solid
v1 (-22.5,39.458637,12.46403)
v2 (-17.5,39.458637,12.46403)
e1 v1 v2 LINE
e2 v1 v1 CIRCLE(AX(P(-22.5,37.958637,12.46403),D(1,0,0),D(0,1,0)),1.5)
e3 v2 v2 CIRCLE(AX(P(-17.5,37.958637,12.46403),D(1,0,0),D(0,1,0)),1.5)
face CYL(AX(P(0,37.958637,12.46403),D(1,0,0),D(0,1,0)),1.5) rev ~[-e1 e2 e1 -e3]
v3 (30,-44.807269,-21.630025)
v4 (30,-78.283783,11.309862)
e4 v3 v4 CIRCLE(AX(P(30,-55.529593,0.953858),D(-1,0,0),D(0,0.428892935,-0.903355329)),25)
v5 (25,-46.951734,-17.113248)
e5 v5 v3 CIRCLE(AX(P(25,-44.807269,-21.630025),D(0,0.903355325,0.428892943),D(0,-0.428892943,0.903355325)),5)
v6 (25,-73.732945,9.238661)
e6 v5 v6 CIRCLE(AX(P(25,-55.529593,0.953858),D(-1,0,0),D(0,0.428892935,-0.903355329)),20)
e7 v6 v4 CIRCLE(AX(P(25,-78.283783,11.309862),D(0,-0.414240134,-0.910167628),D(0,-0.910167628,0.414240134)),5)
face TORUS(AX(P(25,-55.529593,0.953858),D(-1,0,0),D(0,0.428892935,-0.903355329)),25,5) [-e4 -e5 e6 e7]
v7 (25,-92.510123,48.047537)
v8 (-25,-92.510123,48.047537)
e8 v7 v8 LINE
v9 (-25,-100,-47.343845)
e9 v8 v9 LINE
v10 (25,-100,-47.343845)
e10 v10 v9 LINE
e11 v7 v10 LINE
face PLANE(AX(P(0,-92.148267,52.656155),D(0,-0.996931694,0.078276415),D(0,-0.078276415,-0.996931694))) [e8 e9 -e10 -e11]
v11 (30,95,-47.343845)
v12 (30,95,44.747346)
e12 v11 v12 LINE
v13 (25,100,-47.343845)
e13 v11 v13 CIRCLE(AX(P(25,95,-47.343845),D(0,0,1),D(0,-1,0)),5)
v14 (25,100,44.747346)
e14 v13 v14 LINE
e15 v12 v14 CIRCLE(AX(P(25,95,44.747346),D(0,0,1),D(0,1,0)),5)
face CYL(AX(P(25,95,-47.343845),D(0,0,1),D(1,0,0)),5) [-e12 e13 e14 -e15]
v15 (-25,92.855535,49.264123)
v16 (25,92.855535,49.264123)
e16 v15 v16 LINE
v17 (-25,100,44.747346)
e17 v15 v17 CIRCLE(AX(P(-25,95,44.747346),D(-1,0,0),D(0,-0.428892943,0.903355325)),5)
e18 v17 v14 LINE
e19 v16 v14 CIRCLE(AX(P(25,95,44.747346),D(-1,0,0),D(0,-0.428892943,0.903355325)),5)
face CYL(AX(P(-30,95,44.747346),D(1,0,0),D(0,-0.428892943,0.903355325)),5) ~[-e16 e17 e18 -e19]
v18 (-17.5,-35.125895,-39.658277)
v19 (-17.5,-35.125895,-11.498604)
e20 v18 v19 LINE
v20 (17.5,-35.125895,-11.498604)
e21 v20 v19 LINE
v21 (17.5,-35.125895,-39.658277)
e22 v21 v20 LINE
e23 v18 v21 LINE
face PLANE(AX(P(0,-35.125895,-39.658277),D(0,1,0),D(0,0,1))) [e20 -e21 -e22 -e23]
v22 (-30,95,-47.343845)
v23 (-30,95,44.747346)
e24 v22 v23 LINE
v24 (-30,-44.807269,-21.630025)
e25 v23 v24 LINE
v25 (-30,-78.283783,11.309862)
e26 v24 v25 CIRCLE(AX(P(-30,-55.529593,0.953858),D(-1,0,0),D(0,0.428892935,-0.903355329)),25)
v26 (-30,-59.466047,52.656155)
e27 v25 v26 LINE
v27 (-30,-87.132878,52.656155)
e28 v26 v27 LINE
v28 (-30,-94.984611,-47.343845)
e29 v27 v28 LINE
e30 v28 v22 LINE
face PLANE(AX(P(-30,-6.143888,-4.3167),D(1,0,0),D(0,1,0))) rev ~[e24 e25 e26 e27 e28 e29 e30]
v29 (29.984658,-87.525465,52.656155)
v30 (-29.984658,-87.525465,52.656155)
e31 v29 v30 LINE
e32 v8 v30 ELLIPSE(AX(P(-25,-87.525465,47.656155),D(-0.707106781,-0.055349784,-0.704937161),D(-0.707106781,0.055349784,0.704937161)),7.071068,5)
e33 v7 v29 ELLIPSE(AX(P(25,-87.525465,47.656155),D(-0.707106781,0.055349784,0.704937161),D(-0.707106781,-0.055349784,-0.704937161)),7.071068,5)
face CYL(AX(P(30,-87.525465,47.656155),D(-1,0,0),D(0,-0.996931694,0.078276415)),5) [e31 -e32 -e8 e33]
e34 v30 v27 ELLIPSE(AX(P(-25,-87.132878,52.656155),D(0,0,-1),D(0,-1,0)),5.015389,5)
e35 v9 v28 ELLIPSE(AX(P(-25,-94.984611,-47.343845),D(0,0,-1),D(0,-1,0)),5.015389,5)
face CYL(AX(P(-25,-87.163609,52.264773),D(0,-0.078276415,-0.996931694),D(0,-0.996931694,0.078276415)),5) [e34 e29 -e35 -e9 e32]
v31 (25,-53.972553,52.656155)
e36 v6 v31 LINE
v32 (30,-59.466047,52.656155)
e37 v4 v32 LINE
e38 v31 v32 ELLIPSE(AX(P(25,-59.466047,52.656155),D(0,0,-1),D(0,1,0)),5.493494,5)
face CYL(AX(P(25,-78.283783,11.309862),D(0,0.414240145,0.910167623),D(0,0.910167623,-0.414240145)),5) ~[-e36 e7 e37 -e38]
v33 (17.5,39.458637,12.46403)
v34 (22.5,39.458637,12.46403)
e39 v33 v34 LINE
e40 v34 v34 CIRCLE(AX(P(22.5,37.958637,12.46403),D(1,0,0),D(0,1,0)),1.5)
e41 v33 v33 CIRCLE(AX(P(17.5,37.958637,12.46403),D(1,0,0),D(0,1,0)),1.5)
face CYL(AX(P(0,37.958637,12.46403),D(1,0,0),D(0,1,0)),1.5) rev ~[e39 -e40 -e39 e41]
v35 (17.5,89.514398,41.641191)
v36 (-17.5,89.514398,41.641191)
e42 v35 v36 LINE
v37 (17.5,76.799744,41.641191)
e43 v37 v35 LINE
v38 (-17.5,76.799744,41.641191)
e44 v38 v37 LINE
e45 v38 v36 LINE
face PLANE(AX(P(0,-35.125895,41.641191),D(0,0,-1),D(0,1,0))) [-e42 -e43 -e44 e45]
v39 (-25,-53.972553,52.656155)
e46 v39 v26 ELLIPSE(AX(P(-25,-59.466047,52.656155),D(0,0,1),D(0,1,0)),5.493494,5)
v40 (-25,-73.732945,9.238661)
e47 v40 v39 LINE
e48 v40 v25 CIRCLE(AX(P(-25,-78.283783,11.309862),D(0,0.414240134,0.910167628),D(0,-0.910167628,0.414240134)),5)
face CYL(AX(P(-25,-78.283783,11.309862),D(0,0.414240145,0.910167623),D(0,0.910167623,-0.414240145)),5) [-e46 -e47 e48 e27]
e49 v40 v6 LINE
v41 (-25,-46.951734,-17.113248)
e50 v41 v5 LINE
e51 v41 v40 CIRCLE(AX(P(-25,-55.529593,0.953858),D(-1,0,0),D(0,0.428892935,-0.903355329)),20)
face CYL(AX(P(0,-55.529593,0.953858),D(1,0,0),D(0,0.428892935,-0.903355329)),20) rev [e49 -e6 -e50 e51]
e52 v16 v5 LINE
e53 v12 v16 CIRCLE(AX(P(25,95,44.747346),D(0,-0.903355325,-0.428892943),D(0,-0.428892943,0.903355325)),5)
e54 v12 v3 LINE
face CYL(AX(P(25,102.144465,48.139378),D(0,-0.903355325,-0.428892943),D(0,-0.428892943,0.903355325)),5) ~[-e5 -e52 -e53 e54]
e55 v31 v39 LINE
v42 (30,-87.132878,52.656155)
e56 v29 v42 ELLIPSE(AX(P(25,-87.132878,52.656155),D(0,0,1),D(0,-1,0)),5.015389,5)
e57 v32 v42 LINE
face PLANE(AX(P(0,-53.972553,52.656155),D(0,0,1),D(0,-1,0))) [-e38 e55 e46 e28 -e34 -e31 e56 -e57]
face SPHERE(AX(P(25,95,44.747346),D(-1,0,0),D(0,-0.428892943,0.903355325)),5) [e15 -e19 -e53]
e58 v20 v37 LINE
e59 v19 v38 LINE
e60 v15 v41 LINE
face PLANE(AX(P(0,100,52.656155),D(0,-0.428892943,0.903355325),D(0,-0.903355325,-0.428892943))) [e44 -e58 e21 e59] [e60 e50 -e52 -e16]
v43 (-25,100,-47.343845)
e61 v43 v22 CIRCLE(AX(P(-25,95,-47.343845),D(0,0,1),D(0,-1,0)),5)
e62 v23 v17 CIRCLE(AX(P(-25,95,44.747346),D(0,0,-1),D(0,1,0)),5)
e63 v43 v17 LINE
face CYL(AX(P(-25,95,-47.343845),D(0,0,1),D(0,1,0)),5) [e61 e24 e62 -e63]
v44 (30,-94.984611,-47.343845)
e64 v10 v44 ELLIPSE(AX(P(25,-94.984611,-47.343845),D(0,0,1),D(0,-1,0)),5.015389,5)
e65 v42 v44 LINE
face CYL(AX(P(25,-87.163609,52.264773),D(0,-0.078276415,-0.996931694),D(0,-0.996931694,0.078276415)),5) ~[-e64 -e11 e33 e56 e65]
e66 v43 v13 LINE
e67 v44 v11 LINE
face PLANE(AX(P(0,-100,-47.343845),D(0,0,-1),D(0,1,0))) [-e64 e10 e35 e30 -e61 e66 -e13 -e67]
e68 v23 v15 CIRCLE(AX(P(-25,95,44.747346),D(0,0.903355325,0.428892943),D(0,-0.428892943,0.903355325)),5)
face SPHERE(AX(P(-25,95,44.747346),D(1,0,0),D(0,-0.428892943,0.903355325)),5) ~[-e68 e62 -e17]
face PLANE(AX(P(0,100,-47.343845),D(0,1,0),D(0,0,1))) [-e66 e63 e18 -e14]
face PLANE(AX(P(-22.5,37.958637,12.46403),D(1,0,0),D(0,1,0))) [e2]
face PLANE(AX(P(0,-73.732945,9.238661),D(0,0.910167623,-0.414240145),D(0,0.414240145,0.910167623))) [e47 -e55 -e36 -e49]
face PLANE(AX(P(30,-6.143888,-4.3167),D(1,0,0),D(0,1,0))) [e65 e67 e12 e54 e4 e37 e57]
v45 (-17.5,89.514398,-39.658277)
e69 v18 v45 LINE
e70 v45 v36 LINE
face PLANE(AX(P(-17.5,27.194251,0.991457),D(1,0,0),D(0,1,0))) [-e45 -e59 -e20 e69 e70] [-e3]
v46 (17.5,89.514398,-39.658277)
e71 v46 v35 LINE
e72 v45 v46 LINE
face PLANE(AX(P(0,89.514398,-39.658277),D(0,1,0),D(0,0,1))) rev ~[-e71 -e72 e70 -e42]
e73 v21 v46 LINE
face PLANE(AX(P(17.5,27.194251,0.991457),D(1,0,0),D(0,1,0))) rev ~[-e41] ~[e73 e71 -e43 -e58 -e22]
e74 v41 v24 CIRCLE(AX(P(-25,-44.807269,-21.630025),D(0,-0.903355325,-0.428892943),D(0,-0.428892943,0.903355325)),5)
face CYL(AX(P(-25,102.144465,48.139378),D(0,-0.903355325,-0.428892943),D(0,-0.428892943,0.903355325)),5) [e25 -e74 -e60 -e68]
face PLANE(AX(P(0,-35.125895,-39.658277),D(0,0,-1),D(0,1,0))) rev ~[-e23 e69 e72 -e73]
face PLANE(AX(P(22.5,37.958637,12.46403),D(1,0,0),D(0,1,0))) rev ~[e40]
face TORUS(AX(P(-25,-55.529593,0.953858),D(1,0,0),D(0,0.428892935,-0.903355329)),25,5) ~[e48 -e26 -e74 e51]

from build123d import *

# Parameters (mm, degrees)
F1_DEPTH = 30
F2_R     = 5
F3_W     = 124.640293
F3_H     = 81.299469
F4_DEPTH = 17.5
F5_R     = 1.5
F6_DEPTH = 22.5


with BuildPart() as f1:
    # F0 (on Right) → F1 (new body, symmetric)
    with BuildSketch(Plane.YZ):
        with BuildLine():
            Line((-100, -47.343845), (100, -47.343845))
            Line((100, -47.343845), (100, 52.656155))
            Line((100, 52.656155), (-46.951734, -17.113248))
            ThreePointArc((-46.951734, -17.113248), (-69.557005, -13.302077), (-73.732945, 9.238661))
            Line((-73.732945, 9.238661), (-53.972553, 52.656155))
            Line((-53.972553, 52.656155), (-92.148267, 52.656155))
            Line((-92.148267, 52.656155), (-100, -47.343845))
        make_face()
    extrude(amount=F1_DEPTH, both=True)

    # F2
    f2_edges = [f1.edges().sort_by_distance(p)[0] for p in [
        (0, -92.148267, 52.656155),
        (0, 100, 52.656155),
        (30, 26.524133, 17.771454),
        (-30, 26.524133, 17.771454),
        (30, 100, 2.656155),
        (-30, 100, 2.656155),
        (30, -96.074133, 2.656155),
        (-30, -96.074133, 2.656155),
    ]]
    fillet(f2_edges, radius=F2_R)

    # F3 (on Right) → F4 (cut, symmetric)
    with BuildSketch(Plane.YZ):
        with Locations((27.194251, 0.991457)):
            Rectangle(F3_W, F3_H)
    extrude(amount=F4_DEPTH, both=True, mode=Mode.SUBTRACT)

    # F5 (on Right) → F6 (cut, symmetric)
    with BuildSketch(Plane.YZ):
        with Locations((37.958637, 12.46403)):
            Circle(F5_R)
    extrude(amount=F6_DEPTH, both=True, mode=Mode.SUBTRACT)


solid = f1.part
